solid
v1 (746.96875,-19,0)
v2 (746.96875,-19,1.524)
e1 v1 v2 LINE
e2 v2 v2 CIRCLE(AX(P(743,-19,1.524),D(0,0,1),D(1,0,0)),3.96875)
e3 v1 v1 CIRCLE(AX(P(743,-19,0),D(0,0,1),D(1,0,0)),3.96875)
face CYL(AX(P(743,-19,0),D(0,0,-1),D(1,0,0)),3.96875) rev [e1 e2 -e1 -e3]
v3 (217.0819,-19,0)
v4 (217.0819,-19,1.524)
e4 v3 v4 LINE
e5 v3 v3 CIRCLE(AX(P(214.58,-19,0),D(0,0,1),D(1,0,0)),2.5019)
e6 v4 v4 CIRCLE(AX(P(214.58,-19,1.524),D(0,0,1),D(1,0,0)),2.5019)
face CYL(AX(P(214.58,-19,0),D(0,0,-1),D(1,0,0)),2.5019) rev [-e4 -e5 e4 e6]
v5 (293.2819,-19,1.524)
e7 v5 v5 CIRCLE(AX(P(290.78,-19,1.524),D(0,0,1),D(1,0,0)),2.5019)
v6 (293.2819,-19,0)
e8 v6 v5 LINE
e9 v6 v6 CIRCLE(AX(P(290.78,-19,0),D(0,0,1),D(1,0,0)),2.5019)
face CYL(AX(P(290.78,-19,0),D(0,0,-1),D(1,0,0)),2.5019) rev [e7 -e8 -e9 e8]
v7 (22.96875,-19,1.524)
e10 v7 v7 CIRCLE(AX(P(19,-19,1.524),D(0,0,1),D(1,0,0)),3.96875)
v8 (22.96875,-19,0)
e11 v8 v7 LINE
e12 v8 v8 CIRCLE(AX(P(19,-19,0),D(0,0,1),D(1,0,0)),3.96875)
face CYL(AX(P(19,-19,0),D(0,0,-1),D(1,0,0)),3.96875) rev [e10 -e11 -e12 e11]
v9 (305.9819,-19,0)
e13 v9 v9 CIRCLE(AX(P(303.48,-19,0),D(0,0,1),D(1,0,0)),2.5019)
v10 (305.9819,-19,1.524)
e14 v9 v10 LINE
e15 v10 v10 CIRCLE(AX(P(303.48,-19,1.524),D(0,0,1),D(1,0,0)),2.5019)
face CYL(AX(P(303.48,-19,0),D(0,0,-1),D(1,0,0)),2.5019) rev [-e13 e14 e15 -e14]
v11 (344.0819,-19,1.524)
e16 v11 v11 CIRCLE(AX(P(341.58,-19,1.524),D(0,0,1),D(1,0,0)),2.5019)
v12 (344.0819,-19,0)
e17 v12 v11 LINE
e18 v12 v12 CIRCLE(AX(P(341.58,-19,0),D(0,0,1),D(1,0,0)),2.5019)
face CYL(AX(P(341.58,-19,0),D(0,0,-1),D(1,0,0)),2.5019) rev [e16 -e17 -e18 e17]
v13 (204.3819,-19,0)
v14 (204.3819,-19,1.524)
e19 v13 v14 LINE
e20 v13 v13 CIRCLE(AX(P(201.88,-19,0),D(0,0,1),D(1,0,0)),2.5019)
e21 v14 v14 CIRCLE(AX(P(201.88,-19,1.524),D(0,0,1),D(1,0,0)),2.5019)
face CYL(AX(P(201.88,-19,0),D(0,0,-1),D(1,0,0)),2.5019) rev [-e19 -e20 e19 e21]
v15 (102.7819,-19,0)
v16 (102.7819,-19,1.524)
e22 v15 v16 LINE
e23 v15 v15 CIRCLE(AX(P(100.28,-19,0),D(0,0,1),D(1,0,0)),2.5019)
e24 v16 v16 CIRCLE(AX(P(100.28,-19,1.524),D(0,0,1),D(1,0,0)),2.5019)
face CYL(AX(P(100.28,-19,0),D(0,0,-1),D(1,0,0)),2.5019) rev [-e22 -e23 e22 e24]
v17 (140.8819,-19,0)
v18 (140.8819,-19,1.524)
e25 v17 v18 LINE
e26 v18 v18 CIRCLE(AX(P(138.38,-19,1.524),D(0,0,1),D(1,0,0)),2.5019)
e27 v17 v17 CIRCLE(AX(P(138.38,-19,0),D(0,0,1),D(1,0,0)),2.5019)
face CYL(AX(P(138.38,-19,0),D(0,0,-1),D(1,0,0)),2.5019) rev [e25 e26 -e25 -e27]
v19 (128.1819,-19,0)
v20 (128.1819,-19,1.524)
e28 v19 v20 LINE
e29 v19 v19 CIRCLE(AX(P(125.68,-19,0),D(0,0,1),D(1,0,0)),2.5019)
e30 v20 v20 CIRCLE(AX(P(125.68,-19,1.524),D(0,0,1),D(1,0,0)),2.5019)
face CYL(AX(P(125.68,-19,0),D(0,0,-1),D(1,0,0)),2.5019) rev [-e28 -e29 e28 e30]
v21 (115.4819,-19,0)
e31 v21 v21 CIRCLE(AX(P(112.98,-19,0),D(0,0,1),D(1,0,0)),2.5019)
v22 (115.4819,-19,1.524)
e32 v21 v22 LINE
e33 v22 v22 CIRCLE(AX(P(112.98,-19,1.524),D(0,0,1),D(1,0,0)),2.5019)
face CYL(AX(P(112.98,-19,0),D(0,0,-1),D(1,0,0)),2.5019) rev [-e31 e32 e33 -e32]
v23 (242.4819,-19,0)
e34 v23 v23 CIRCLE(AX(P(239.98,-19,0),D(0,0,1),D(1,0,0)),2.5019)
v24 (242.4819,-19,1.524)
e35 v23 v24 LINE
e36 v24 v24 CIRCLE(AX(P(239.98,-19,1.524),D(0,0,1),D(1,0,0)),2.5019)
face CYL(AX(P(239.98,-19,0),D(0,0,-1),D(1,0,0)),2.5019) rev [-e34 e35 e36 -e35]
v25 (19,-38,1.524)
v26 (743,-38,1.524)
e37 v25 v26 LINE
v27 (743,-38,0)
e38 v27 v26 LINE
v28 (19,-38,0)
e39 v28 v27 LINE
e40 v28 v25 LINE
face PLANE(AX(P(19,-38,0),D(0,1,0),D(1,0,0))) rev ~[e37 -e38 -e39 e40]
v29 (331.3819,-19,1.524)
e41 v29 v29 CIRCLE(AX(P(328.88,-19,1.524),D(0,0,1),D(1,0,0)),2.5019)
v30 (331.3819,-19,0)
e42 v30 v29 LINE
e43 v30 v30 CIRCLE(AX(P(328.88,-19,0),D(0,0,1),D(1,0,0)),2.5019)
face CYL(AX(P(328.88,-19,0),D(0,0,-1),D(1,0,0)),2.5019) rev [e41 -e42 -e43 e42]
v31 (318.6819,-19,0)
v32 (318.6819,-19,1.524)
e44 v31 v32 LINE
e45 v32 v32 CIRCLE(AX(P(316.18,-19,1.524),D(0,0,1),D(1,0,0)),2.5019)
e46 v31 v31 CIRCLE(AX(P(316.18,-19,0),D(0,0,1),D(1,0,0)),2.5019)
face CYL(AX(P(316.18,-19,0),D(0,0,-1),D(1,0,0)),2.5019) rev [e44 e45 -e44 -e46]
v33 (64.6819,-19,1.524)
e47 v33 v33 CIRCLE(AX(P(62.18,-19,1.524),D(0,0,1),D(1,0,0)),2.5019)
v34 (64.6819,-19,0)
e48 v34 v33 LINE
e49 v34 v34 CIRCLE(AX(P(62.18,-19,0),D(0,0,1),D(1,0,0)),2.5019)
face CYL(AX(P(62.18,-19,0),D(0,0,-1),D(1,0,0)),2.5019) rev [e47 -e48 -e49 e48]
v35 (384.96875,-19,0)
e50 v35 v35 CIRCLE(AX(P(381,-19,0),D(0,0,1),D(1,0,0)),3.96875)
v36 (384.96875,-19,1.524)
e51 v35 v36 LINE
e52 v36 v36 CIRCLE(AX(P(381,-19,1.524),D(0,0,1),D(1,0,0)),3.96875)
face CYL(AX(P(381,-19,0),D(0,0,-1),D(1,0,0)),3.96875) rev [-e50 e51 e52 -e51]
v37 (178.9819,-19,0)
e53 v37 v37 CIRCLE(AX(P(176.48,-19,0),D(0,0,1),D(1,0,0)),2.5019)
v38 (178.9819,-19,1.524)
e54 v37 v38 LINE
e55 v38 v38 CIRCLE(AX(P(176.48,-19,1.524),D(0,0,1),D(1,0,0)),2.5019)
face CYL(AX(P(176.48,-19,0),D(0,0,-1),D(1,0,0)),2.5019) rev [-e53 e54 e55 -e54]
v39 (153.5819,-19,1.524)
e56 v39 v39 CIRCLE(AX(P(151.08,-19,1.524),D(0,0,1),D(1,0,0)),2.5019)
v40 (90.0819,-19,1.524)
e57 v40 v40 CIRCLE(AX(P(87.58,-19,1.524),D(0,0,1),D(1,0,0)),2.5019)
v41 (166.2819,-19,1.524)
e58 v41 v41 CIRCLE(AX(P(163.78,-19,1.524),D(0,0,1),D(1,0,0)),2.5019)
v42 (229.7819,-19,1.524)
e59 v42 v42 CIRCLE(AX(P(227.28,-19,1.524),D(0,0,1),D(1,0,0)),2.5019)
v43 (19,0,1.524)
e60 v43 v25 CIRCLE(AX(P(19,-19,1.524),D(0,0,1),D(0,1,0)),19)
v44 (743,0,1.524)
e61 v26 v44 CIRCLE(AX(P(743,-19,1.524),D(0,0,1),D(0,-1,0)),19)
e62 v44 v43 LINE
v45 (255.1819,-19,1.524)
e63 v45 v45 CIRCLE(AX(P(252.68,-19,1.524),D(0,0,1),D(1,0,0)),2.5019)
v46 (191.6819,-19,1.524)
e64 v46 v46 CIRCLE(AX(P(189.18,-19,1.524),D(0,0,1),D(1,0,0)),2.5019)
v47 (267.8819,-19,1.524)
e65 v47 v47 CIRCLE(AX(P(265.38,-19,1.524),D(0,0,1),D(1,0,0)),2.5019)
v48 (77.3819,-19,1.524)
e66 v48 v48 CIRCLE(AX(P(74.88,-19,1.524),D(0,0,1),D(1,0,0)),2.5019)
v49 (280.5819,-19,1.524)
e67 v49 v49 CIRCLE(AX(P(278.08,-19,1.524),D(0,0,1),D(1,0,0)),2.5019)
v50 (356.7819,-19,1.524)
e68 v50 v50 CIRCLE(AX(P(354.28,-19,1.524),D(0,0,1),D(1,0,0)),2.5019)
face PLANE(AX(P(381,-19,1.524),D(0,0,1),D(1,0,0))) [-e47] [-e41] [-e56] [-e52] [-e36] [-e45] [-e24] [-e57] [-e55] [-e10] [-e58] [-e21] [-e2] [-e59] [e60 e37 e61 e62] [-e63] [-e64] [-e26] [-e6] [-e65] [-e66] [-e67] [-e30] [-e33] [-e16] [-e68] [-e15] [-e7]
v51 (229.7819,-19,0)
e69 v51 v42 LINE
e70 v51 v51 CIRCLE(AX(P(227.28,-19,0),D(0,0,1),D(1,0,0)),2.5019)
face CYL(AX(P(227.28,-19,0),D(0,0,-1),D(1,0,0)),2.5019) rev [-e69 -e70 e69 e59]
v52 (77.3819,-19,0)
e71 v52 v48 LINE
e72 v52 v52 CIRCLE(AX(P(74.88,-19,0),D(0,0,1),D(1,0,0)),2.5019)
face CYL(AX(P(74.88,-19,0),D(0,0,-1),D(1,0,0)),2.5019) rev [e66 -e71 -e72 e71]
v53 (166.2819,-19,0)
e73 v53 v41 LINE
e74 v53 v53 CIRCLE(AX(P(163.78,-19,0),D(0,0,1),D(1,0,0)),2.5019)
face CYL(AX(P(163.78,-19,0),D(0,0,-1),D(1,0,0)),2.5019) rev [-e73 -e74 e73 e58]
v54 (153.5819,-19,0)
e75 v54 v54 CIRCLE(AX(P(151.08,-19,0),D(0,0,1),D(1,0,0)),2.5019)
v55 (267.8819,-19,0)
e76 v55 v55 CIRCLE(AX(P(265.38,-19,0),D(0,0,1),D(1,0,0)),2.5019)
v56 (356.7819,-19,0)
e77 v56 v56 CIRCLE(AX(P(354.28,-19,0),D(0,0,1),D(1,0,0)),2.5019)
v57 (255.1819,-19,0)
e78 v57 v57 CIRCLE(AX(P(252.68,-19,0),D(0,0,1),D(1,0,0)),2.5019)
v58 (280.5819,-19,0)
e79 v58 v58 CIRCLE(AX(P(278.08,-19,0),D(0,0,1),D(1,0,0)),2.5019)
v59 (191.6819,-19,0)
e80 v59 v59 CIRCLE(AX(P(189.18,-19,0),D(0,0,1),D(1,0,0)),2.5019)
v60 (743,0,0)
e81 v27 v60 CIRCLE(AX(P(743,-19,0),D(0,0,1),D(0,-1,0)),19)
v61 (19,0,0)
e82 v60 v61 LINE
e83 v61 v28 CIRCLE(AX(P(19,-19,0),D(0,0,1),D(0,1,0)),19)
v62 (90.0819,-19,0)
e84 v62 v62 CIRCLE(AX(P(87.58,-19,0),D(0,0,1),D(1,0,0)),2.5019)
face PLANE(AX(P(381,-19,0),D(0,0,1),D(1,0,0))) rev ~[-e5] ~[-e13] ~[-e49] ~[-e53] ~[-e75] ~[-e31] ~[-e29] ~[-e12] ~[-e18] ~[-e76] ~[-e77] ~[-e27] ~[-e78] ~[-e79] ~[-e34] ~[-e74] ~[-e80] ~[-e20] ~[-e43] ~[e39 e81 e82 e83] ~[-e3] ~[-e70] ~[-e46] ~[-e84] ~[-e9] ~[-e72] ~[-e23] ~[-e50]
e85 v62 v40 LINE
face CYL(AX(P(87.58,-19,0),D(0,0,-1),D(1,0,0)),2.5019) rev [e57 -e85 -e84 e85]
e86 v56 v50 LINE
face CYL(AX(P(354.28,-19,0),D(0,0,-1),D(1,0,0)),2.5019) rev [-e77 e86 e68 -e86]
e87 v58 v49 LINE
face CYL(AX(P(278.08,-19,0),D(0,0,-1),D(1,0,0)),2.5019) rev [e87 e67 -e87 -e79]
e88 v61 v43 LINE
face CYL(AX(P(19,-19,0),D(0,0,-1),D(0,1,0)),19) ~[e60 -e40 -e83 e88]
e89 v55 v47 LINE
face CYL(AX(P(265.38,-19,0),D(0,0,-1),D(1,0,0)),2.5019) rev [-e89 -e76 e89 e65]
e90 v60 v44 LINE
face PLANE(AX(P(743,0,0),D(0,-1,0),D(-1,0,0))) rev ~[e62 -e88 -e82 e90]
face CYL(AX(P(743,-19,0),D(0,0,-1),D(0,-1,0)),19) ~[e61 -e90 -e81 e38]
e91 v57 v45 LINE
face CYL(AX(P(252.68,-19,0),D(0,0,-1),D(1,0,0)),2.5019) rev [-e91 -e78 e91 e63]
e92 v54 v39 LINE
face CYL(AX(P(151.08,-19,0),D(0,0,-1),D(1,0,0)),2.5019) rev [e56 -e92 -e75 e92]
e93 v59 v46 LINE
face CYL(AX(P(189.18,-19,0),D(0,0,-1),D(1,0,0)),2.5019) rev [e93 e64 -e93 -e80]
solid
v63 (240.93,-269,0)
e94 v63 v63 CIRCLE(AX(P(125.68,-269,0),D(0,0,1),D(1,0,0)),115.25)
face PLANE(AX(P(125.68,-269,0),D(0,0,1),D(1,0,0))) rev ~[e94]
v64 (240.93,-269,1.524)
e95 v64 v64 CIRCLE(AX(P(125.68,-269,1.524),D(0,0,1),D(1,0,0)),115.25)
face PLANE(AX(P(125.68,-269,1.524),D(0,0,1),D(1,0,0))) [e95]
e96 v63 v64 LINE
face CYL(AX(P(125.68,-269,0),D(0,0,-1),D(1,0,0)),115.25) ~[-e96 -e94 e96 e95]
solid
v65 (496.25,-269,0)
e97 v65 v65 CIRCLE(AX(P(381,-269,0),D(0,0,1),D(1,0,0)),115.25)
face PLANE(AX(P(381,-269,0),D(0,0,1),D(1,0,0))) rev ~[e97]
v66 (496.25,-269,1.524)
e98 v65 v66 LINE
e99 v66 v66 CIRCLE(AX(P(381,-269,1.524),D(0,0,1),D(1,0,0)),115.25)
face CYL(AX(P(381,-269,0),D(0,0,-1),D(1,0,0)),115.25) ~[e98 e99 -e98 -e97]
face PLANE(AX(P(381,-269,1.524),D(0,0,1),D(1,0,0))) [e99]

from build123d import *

# Parameters (mm, degrees)
F0_R     = 3.96875
F0_R_2   = 2.5019
F0_R_3   = 115.25
F1_DEPTH = 1.524


with BuildPart() as f1:
    # F0 (on Top) → F1 (new body)
    with BuildSketch(Plane.XY):
        with BuildLine():
            Line((743, 0), (19, 0))
            ThreePointArc((19, 0), (0, -19), (19, -38))
            Line((19, -38), (743, -38))
            ThreePointArc((743, -38), (762, -19), (743, 0))
        make_face()
        with Locations((19, -19)):
            Circle(F0_R, mode=Mode.SUBTRACT)
        with Locations((62.18, -19)):
            Circle(F0_R_2, mode=Mode.SUBTRACT)
        with Locations((74.88, -19)):
            Circle(F0_R_2, mode=Mode.SUBTRACT)
        with Locations((87.58, -19)):
            Circle(F0_R_2, mode=Mode.SUBTRACT)
        with Locations((100.28, -19)):
            Circle(F0_R_2, mode=Mode.SUBTRACT)
        with Locations((112.98, -19)):
            Circle(F0_R_2, mode=Mode.SUBTRACT)
        with Locations((125.68, -19)):
            Circle(F0_R_2, mode=Mode.SUBTRACT)
        with Locations((138.38, -19)):
            Circle(F0_R_2, mode=Mode.SUBTRACT)
        with Locations((151.08, -19)):
            Circle(F0_R_2, mode=Mode.SUBTRACT)
        with Locations((163.78, -19)):
            Circle(F0_R_2, mode=Mode.SUBTRACT)
        with Locations((176.48, -19)):
            Circle(F0_R_2, mode=Mode.SUBTRACT)
        with Locations((189.18, -19)):
            Circle(F0_R_2, mode=Mode.SUBTRACT)
        with Locations((201.88, -19)):
            Circle(F0_R_2, mode=Mode.SUBTRACT)
        with Locations((214.58, -19)):
            Circle(F0_R_2, mode=Mode.SUBTRACT)
        with Locations((227.28, -19)):
            Circle(F0_R_2, mode=Mode.SUBTRACT)
        with Locations((239.98, -19)):
            Circle(F0_R_2, mode=Mode.SUBTRACT)
        with Locations((252.68, -19)):
            Circle(F0_R_2, mode=Mode.SUBTRACT)
        with Locations((265.38, -19)):
            Circle(F0_R_2, mode=Mode.SUBTRACT)
        with Locations((278.08, -19)):
            Circle(F0_R_2, mode=Mode.SUBTRACT)
        with Locations((290.78, -19)):
            Circle(F0_R_2, mode=Mode.SUBTRACT)
        with Locations((303.48, -19)):
            Circle(F0_R_2, mode=Mode.SUBTRACT)
        with Locations((316.18, -19)):
            Circle(F0_R_2, mode=Mode.SUBTRACT)
        with Locations((328.88, -19)):
            Circle(F0_R_2, mode=Mode.SUBTRACT)
        with Locations((341.58, -19)):
            Circle(F0_R_2, mode=Mode.SUBTRACT)
        with Locations((354.28, -19)):
            Circle(F0_R_2, mode=Mode.SUBTRACT)
        with Locations((381, -19)):
            Circle(F0_R, mode=Mode.SUBTRACT)
        with Locations((743, -19)):
            Circle(F0_R, mode=Mode.SUBTRACT)
        with Locations((381, -269)):
            Circle(F0_R_3)
        with Locations((125.68, -269)):
            Circle(F0_R_3)
    extrude(amount=F1_DEPTH)


solid = f1.part
